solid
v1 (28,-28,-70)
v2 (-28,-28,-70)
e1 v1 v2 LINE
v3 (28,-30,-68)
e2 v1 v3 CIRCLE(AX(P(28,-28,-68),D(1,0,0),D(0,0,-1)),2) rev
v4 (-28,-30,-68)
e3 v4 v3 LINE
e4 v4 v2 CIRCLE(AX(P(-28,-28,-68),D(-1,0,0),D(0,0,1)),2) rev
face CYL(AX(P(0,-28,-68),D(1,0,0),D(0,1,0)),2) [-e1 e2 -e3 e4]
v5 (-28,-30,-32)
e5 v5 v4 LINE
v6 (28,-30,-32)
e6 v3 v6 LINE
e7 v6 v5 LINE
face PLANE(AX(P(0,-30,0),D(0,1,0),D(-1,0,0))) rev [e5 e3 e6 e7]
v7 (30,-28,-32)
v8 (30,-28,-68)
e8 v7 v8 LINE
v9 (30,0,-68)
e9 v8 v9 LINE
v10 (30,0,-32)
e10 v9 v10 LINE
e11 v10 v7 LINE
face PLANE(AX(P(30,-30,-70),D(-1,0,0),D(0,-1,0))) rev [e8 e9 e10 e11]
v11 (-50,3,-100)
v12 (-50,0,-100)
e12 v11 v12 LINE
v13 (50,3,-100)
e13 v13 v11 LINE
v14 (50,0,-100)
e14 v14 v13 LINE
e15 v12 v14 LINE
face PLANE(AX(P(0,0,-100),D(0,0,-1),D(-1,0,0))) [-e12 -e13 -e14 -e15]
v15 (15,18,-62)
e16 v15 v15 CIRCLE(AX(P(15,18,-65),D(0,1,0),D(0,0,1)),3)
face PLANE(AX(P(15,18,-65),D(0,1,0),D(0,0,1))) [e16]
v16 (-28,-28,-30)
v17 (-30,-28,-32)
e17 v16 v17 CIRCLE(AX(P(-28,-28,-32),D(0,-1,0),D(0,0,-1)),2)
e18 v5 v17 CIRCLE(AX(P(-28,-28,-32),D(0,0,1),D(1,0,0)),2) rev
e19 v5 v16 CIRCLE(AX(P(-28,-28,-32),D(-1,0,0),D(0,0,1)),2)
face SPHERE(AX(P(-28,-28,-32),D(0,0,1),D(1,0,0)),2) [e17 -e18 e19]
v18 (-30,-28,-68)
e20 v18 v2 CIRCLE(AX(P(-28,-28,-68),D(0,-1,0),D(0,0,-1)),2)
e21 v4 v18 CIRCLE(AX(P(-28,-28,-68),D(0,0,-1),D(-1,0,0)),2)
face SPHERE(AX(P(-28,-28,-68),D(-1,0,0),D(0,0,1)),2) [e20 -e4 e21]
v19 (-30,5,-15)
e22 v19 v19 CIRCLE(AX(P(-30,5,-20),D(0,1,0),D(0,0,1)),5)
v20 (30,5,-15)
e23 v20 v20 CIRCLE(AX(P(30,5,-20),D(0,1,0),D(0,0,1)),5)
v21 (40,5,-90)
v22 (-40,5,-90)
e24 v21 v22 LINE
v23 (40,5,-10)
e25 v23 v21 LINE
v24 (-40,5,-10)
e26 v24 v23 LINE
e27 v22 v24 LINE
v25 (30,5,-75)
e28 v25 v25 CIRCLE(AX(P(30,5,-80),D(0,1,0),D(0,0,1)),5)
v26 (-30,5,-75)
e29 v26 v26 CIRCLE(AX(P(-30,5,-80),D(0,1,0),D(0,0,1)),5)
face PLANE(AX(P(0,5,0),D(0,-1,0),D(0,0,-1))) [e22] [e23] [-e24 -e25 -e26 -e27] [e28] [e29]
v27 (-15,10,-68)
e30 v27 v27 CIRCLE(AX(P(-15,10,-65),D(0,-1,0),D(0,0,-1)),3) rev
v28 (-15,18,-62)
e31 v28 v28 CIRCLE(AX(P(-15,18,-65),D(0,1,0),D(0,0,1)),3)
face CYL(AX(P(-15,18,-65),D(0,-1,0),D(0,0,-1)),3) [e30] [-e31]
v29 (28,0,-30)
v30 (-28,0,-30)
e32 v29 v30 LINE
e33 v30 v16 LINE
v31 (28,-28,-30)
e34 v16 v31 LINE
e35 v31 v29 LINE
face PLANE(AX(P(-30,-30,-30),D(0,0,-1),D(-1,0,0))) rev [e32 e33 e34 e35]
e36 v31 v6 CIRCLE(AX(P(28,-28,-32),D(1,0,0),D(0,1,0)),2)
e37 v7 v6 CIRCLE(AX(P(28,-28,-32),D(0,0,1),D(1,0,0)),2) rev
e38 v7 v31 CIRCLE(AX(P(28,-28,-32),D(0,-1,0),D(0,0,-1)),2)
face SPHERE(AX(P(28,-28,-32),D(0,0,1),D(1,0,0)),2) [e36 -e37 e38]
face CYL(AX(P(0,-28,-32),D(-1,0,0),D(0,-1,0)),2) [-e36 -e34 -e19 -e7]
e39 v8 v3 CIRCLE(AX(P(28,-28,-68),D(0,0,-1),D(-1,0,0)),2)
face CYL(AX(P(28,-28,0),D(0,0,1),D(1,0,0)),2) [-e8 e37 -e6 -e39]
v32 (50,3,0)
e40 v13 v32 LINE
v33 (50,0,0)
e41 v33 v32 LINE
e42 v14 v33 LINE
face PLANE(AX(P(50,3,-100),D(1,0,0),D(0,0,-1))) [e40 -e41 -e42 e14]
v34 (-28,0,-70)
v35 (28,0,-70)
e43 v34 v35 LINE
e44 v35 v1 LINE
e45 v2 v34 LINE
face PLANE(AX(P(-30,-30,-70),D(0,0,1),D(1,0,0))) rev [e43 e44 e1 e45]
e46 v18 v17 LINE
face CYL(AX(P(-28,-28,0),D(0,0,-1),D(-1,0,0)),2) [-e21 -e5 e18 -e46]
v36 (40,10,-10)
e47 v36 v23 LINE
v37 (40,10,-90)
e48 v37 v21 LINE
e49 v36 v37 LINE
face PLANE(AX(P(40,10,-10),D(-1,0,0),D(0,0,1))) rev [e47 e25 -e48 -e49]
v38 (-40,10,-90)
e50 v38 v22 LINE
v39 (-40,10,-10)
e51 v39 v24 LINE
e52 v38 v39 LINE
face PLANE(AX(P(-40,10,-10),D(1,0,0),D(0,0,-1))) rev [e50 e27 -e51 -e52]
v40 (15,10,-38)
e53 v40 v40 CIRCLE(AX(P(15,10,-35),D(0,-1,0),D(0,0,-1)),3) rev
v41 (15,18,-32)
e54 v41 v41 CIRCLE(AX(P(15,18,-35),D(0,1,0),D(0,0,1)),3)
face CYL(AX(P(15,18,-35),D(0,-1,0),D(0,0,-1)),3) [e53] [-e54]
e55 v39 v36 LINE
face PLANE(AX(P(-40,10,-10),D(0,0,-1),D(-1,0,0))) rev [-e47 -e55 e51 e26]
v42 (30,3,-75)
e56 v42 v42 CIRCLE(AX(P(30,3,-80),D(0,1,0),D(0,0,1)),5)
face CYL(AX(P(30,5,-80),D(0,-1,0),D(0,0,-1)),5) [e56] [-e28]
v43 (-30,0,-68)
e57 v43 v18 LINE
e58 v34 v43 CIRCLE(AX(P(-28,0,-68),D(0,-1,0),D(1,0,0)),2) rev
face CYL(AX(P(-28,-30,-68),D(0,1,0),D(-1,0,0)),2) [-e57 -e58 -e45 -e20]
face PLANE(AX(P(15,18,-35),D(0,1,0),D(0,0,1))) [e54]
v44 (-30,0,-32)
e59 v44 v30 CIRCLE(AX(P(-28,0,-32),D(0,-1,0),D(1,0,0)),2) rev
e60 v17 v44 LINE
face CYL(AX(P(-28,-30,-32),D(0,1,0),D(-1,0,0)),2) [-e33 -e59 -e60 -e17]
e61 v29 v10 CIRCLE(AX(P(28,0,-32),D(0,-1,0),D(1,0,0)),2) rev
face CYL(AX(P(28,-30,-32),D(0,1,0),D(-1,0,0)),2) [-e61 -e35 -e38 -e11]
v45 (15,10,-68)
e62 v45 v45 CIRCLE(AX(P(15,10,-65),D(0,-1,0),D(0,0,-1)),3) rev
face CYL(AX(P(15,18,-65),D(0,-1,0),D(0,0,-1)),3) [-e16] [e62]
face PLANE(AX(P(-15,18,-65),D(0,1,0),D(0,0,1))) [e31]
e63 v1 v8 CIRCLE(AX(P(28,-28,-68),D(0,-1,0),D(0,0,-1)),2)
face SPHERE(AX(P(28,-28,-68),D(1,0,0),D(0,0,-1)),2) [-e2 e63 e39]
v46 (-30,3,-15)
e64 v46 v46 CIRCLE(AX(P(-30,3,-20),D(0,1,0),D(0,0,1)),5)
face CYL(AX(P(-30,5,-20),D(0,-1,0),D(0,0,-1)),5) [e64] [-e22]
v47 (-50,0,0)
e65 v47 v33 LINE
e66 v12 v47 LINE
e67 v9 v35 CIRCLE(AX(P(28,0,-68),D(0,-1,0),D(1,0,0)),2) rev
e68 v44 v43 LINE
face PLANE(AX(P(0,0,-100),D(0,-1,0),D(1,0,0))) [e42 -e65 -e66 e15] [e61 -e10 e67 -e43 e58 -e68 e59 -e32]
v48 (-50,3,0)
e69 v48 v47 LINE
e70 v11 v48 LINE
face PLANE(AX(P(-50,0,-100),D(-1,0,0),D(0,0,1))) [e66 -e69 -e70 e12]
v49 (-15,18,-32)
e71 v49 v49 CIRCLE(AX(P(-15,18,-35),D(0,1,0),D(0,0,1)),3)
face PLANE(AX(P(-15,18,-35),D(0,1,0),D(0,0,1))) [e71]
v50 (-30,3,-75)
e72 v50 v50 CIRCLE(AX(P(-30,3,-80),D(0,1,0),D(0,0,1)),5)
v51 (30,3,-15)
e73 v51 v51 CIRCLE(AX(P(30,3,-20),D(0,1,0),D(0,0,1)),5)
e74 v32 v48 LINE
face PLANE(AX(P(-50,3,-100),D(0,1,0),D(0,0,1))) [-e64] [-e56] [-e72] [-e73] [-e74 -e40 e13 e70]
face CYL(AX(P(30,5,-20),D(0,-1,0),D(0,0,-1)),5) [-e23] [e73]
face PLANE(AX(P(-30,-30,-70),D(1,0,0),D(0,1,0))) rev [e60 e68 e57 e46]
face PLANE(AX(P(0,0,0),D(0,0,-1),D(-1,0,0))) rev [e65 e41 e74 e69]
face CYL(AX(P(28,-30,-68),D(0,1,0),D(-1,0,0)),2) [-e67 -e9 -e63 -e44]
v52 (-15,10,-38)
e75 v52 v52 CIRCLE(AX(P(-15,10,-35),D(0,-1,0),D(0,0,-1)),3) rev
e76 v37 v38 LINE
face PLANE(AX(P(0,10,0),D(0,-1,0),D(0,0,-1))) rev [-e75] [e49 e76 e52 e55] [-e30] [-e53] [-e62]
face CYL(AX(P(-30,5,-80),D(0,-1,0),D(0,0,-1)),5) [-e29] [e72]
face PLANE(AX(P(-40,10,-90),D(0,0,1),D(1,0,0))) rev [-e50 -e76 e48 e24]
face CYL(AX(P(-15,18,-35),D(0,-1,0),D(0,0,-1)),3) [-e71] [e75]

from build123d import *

# Parameters (mm, degrees)
EXTRUDE_1_DEPTH = 100
SKETCH_2_R      = 5
EXTRUDE_2_DEPTH = 2
SKETCH_3_W      = 80
SKETCH_3_H      = 80
EXTRUDE_3_DEPTH = 5
SKETCH_4_R      = 3
EXTRUDE_4_DEPTH = 8
SKETCH_5_W      = 60
SKETCH_5_H      = 40
EXTRUDE_5_DEPTH = 30
FILLET_1_R      = 2


with BuildPart() as part:
    # 草图1 → 凸台-拉伸1 (new body)
    with BuildSketch(Plane.XY):
        Polygon((0, 0), (-50, 0), (-50, 3), (50, 3), (50, 0), align=None)
    extrude(amount=-EXTRUDE_1_DEPTH)

    # 草图2 → 凸台-拉伸2 (add)
    with BuildSketch(Plane(origin=(0, 3, 0), x_dir=(1, 0, 0), z_dir=(0, 1, 0))):
        with Locations(Location((-30, 80, 0), (0, 0, 270))):
            Circle(SKETCH_2_R)
        with Locations(Location((30, 80, 0), (0, 0, 270))):
            Circle(SKETCH_2_R)
        with Locations(Location((-30, 20, 0), (0, 0, 270))):
            Circle(SKETCH_2_R)
        with Locations(Location((30, 20, 0), (0, 0, 270))):
            Circle(SKETCH_2_R)
    extrude(amount=EXTRUDE_2_DEPTH)

    # 草图3 → 凸台-拉伸3 (add)
    with BuildSketch(Plane(origin=(0, 5, 0), x_dir=(1, 0, 0), z_dir=(0, 1, 0))):
        with Locations((0, 50)):
            Rectangle(SKETCH_3_W, SKETCH_3_H)
    extrude(amount=EXTRUDE_3_DEPTH)

    # 草图4 → 凸台-拉伸4 (add)
    with BuildSketch(Plane(origin=(0, 10, 0), x_dir=(1, 0, 0), z_dir=(0, 1, 0))):
        with Locations(Location((-15, 65, 0), (0, 0, 90))):
            Circle(SKETCH_4_R)
        with Locations(Location((15, 65, 0), (0, 0, 90))):
            Circle(SKETCH_4_R)
        with Locations(Location((-15, 35, 0), (0, 0, 90))):
            Circle(SKETCH_4_R)
        with Locations(Location((15, 35, 0), (0, 0, 90))):
            Circle(SKETCH_4_R)
    extrude(amount=EXTRUDE_4_DEPTH)

    # 草图5 → 凸台-拉伸5 (add)
    with BuildSketch(Plane.XZ):
        with Locations((0, -50)):
            Rectangle(SKETCH_5_W, SKETCH_5_H)
    extrude(amount=EXTRUDE_5_DEPTH)

    # 圆角1
    fillet_1_edges = [part.edges().sort_by_distance(p)[0] for p in [
        (30, -15, -70),
        (30, -15, -30),
        (-30, -15, -30),
        (-30, -15, -70),
        (30, -30, -50),
        (0, -30, -30),
        (-30, -30, -50),
        (0, -30, -70),
    ]]
    fillet(fillet_1_edges, radius=FILLET_1_R)


solid = part.part
